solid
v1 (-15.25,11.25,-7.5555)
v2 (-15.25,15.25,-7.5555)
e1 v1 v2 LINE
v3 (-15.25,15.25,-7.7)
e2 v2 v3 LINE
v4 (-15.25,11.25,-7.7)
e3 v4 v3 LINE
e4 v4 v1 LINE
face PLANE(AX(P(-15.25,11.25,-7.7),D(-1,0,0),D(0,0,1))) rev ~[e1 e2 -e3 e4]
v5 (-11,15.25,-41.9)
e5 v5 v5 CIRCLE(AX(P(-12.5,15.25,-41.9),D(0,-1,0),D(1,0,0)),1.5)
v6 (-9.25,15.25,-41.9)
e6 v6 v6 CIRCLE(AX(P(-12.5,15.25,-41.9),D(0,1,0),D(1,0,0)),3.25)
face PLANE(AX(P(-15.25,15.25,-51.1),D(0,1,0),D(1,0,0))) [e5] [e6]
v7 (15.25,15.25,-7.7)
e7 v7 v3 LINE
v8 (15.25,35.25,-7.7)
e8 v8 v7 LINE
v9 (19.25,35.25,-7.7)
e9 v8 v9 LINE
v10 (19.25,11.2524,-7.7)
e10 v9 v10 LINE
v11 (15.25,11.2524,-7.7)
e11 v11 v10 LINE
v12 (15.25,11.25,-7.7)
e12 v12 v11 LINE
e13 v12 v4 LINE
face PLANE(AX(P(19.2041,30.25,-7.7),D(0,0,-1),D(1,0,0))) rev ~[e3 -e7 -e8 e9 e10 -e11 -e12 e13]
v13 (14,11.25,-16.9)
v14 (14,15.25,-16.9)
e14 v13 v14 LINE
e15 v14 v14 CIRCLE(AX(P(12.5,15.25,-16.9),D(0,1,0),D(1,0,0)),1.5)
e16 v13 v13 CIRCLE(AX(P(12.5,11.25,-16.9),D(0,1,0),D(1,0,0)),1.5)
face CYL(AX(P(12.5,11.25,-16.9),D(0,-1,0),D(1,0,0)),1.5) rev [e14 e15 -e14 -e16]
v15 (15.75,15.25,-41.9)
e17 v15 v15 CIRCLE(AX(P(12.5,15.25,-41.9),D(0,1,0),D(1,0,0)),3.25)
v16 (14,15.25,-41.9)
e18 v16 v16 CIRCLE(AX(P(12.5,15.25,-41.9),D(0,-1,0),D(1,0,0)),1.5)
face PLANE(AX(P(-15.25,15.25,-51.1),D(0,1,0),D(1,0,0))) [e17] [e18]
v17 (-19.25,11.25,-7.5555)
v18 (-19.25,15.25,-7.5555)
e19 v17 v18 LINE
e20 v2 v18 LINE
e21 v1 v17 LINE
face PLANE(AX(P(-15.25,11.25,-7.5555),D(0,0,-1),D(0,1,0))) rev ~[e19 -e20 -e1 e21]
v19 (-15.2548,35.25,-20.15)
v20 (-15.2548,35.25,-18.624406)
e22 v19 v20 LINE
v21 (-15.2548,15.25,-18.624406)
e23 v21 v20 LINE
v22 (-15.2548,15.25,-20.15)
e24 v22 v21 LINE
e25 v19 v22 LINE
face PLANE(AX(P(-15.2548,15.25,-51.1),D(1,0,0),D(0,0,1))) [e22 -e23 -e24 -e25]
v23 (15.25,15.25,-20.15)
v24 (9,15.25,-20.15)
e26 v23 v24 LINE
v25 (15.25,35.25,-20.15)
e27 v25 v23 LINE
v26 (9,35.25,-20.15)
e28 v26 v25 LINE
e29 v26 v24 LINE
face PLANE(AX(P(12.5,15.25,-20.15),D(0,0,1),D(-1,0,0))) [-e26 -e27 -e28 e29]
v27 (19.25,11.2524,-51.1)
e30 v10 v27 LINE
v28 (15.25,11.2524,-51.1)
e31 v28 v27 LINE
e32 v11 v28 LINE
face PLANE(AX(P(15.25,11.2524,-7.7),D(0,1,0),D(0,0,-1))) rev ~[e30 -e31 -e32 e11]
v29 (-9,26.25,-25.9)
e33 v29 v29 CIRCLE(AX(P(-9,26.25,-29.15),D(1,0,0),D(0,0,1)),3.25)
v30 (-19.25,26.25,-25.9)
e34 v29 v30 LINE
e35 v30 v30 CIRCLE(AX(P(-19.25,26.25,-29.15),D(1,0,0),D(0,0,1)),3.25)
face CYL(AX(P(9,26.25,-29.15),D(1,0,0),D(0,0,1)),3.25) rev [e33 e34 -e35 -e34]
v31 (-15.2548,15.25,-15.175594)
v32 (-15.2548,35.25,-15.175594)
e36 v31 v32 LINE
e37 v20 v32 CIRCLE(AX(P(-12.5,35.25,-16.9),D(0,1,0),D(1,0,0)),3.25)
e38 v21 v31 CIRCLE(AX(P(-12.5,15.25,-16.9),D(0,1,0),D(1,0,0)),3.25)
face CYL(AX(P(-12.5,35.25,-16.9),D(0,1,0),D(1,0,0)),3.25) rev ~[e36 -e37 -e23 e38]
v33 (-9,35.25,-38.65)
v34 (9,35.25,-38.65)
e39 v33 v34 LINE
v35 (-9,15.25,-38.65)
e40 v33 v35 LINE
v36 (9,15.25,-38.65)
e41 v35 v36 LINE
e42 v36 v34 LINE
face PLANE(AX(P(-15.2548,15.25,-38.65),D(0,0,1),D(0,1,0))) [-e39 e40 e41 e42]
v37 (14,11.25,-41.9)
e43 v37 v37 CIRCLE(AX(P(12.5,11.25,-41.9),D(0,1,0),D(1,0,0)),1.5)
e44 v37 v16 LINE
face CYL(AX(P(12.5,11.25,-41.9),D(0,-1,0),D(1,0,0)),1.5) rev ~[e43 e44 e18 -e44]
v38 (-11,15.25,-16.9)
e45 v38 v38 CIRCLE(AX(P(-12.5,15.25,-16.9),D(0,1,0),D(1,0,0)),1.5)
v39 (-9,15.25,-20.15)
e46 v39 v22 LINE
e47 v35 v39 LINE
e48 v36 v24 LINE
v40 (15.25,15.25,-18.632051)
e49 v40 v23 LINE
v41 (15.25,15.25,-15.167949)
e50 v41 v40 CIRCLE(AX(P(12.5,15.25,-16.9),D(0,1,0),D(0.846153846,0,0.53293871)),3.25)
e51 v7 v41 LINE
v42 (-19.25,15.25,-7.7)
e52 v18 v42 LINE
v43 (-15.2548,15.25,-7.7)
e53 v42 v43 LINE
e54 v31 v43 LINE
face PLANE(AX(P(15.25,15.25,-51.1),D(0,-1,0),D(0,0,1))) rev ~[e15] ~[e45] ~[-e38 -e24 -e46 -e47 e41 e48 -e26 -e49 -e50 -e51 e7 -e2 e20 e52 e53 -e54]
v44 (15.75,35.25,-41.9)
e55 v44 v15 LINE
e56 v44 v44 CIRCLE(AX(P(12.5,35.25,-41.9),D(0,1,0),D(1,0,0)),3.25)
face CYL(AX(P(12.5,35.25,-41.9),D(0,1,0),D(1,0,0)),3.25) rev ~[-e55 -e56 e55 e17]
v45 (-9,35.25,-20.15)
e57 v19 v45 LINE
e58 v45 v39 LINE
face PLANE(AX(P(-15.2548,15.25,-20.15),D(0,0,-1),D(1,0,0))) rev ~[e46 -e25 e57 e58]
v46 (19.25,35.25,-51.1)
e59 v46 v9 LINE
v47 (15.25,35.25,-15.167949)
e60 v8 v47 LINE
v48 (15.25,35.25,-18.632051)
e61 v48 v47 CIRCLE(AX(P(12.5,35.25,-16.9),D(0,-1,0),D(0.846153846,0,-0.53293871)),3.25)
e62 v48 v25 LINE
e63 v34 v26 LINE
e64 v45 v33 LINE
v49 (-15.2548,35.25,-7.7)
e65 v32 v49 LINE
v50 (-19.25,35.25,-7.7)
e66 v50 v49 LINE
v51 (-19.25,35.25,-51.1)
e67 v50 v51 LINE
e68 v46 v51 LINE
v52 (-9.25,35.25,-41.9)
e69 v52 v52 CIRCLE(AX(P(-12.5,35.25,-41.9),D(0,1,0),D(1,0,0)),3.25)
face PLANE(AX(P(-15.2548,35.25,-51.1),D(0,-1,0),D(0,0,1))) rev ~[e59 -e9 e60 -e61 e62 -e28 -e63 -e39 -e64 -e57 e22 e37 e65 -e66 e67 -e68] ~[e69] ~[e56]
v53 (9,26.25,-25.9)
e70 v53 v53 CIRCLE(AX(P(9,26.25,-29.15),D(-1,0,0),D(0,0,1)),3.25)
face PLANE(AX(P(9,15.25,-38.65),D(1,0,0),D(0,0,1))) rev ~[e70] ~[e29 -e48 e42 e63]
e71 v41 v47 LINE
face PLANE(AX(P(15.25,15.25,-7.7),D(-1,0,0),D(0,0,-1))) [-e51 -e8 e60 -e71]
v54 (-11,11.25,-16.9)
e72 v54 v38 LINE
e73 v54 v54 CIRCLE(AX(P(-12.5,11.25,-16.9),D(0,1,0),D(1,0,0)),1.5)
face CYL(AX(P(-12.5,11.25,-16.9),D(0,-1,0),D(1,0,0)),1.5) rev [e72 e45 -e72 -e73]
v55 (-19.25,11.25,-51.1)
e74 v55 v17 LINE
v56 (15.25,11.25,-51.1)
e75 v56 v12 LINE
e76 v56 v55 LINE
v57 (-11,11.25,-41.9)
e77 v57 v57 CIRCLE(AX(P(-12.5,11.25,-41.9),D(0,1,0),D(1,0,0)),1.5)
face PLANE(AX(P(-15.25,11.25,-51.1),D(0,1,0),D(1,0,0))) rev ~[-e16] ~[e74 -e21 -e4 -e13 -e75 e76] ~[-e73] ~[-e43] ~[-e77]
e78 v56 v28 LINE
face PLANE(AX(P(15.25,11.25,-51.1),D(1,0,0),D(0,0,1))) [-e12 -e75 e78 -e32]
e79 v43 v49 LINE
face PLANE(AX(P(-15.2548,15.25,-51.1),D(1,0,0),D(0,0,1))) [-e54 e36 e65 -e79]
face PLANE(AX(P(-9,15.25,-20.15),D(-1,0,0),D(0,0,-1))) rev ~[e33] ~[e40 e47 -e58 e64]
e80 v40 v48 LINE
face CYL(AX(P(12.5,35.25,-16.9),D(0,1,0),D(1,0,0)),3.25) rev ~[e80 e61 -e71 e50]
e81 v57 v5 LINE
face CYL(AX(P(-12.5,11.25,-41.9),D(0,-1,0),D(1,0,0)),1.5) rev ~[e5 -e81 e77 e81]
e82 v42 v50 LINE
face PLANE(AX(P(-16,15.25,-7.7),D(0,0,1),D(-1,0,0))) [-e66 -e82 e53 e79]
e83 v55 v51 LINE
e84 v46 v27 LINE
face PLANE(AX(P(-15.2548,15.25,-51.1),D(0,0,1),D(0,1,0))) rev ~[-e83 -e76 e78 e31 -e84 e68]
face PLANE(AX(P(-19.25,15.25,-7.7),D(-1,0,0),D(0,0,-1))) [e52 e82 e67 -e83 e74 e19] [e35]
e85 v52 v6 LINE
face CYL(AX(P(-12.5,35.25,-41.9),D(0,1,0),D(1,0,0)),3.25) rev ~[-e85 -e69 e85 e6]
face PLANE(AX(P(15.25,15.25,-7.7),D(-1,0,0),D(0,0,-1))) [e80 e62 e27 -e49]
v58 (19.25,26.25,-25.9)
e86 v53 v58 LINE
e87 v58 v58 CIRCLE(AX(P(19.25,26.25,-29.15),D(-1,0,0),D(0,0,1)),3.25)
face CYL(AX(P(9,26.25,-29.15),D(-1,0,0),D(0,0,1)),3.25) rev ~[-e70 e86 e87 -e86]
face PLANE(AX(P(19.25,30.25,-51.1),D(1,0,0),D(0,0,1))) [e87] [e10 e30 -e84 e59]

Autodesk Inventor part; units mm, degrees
ref_plane "Work Plane1" through (-15.25, 11.25, -51.1) normal (0, 1, 0) x (1, 0, 0)
sketch "Sketch1" plane through (-15.25, 11.25, -51.1) normal (0, 1, 0) x (1, 0, 0)
  line L0 (0, 0) -> (-1, 0) projected
  line L1 (30.5, 0) -> (30.5, -43.4) projected
  line L2 (0, 0) -> (30.5, 0)
  line L3 (30.5, 0) -> (30.5, -43.4)
  line L4 (30.5, -43.4) -> (0, -43.4)
  line L5 (0, -43.4) -> (0, 0)
  circle A0 centre (2.75, -9.2) radius 1.5 projected
  circle A1 centre (2.75, -9.2) radius 1.5
  circle A2 centre (2.75, -34.2) radius 1.5 projected
  circle A3 centre (2.75, -34.2) radius 1.5
  circle A4 centre (27.75, -34.2) radius 1.5 projected
  circle A5 centre (27.75, -34.2) radius 1.5
  circle A6 centre (27.75, -9.2) radius 1.5 projected
  circle A7 centre (27.75, -9.2) radius 1.5
  point P0 (15.25, -51.1)
extrude "Extrusion1" add sketch "Sketch1" along normal blind 4
ref_plane "Work Plane2" through (-15.25, 11.25, -7.7) normal (-1, 0, 0) x (0, 0, 1)
sketch "Sketch2" plane through (-15.25, 11.25, -7.7) normal (-1, 0, 0) x (0, 0, 1)
  line L0 (-43.4, 0) -> (-43.4, 4) projected
  line L1 (-43.4, 0) -> (0.1445, 0)
  line L2 (0.1445, 0) -> (0.1445, 4)
  line L3 (0.1445, 4) -> (-43.4, 4)
  line L4 (-43.4, 4) -> (-43.4, 0)
  point P0 (7.7, -11.25)
extrude "Extrusion2" add sketch "Sketch2" along normal blind 4
ref_plane "Work Plane3" through (15.25, 11.25, -51.1) normal (1, 0, 0) x (0, 0, -1)
sketch "Sketch3" plane through (15.25, 11.25, -51.1) normal (1, 0, 0) x (0, 0, -1)
  line L0 (0, 0) -> (0, 4) projected
  line L1 (0, 4) -> (-43.4, 4)
  line L2 (-43.4, 4) -> (-43.4, 0.0024)
  line L3 (-43.4, 0.0024) -> (0, 0.0024)
  line L4 (0, 0.0024) -> (0, 4)
  point P0 (-51.1, -11.25)
extrude "Extrusion3" add sketch "Sketch3" along normal blind 4
ref_plane "Work Plane6" through (-15.25, 15.25, -51.1) normal (0, 1, 0) x (1, 0, 0)
sketch "Sketch4" plane through (-15.25, 15.25, -51.1) normal (0, 1, 0) x (1, 0, 0)
  line L0 (-0.75, -43.4) -> (0.25, -43.4) projected
  line L1 (-0.0048, -43.4) -> (-4, -43.4)
  line L2 (-4, -43.4) -> (-4, 0)
  line L3 (-4, 0) -> (-0.0048, 0)
  line L4 (-0.0048, 0) -> (-0.0048, -43.4)
  point P0 (15.25, -51.1)
extrude "Extrusion4" add sketch "Sketch4" along normal blind 15
ref_plane "Work Plane5" through (-15.25, 15.25, -51.1) normal (0, 1, 0) x (1, 0, 0)
sketch "Sketch5" plane through (-15.25, 15.25, -51.1) normal (0, 1, 0) x (1, 0, 0)
  line L0 (30.5, 0) -> (34.5, 0) projected
  line L1 (30.5, -43.4) -> (30.5, 0) projected
  line L2 (34.5, 0) -> (30.5, 0)
  line L3 (30.5, 0) -> (30.5, -43.4)
  line L4 (30.5, -43.4) -> (34.5, -43.4)
  line L5 (34.5, -43.4) -> (34.5, 0)
  point P0 (15.25, -51.1)
extrude "Extrusion5" add sketch "Sketch5" along normal blind 15
ref_plane "Work Plane4" through (-15.25, 15.25, -51.1) normal (0, 1, 0) x (1, 0, 0)
sketch "Sketch6" plane through (-15.25, 15.25, -51.1) normal (0, 1, 0) x (1, 0, 0)
  circle A0 centre (2.75, -34.2) radius 2 projected
  circle A1 centre (2.75, -34.2) radius 3.25
  circle A2 centre (27.75, -34.2) radius 1.5 projected
  circle A3 centre (27.75, -34.2) radius 3.25
  circle A4 centre (27.75, -9.2) radius 1.5 projected
  circle A5 centre (27.75, -9.2) radius 3.25
  circle A6 centre (2.75, -9.2) radius 1.5 projected
  circle A7 centre (2.75, -9.2) radius 3.25
  line L0 (15.25, -21.7) -> (24.25, -21.7)
  line L1 (15.25, -21.7) -> (6.25, -21.7)
  line L2 (30.5, 0) -> (30.5, -43.4) projected
  line L3 (24.25, -21.7) -> (30.5, -21.7)
  line L4 (30.5, -21.7) -> (30.5, -12.45)
  line L5 (30.5, -12.45) -> (24.25, -12.45)
  line L6 (24.25, -12.45) -> (24.25, -21.7)
  line L7 (24.25, -21.7) -> (30.5, -21.7)
  line L8 (30.5, -21.7) -> (30.5, -30.95)
  line L9 (30.5, -30.95) -> (24.25, -30.95)
  line L10 (24.25, -30.95) -> (24.25, -21.7)
  line L11 (-0.0048, 0) -> (-0.0048, -43.4) projected
  line L12 (6.25, -21.7) -> (-0.0048, -21.7)
  line L13 (-0.0048, -21.7) -> (-0.0048, -30.95)
  line L14 (-0.0048, -30.95) -> (6.25, -30.95)
  line L15 (6.25, -30.95) -> (6.25, -21.7)
  line L16 (6.25, -21.7) -> (-0.0048, -21.7)
  line L17 (-0.0048, -21.7) -> (-0.0048, -12.45)
  line L18 (-0.0048, -12.45) -> (6.25, -12.45)
  line L19 (6.25, -12.45) -> (6.25, -21.7)
  point P0 (15.25, -51.1)
  dimension "d11" = 6.5
  dimension "d12" = 6.5
  dimension "d13" = 6.5
  dimension "d14" = 6.5
  dimension "d15" = 9
  dimension "d16" = 9
extrude "Extrusion6" add sketch "Sketch6" along normal blind 15 contours L6 L5 L2 L3 | L3 L2 L9 L10 | L14 L11 L12 L15 | L11 L18 L19 L12
ref_plane "Work Plane8" through (-15.25, 30.25, -51.1) normal (0, 1, 0) x (1, 0, 0)
sketch "Sketch7" plane through (-15.25, 30.25, -51.1) normal (0, 1, 0) x (1, 0, 0)
  line L0 (0, -43.4) -> (0, -43.5445) projected
  line L1 (-4, -43.4) -> (-0.0048, -43.4) projected
  line L2 (0, -43.4) -> (-4, -43.4)
  line L3 (-0.0048, 0) -> (-4, 0) projected
  line L4 (-4, -43.4) -> (-4, 0)
  line L5 (-4, 0) -> (-0.0048, 0)
  line L6 (-0.0048, -12.45) -> (-0.0048, 0) projected
  line L7 (-0.0048, 0) -> (-0.0048, -12.45)
  line L8 (6.25, -30.95) -> (6.25, -12.45) projected
  line L9 (-0.0048, -12.45) -> (6.25, -12.45)
  line L10 (6.25, -12.45) -> (6.25, -30.95)
  line L11 (-0.0048, -30.95) -> (-0.0048, -43.4) projected
  line L12 (6.25, -30.95) -> (-0.0048, -30.95)
  line L13 (-0.0048, -30.95) -> (-0.0048, -43.4)
  line L14 (24.25, -12.45) -> (24.25, -30.95) projected
  line L15 (24.25, -30.95) -> (24.25, -12.45)
  line L16 (30.5, -12.45) -> (24.25, -12.45) projected
  line L17 (24.25, -12.45) -> (30.5, -12.45)
  line L18 (30.5, -12.45) -> (30.5, 0)
  line L19 (30.5, 0) -> (34.4541, 0)
  line L20 (34.4541, 0) -> (34.4541, -43.4)
  line L21 (34.4541, -43.4) -> (30.5, -43.4)
  line L22 (30.5, -43.4) -> (30.5, -30.95)
  line L23 (30.5, -30.95) -> (24.25, -30.95)
  point P0 (15.25, -51.1)
extrude "Extrusion7" add sketch "Sketch7" along normal blind 5
ref_plane "Work Plane7" through (-15.25, 30.25, -51.1) normal (0, 1, 0) x (1, 0, 0)
sketch "Sketch8" plane through (-15.25, 30.25, -51.1) normal (0, 1, 0) x (1, 0, 0)
  line L0 (30.5, -43.4) -> (34.5, -43.4) projected
  line L1 (34.4541, 0) -> (34.4541, -43.4) projected
  line L2 (34.5, -43.4) -> (34.4541, -43.4)
  line L3 (34.4541, -43.4) -> (34.4541, 0)
  line L4 (34.4541, 0) -> (34.5, 0)
  line L5 (34.5, 0) -> (34.5, -43.4)
  point P0 (15.25, -51.1)
extrude "Extrusion8" add sketch "Sketch8" along normal blind 5
ref_plane "Work Plane9" through (-15.2548, 15.25, -38.65) normal (1, 0, 0) x (0, 0, -1)
sketch "Sketch9" plane through (-15.2548, 15.25, -38.65) normal (1, 0, 0) x (0, 0, -1)
  line L0 (0, 0) -> (0, 20) projected
  line L1 (12.45, 20) -> (0, 20) projected
  line L2 (0, 0) -> (12.45, 0)
  line L3 (12.45, 0) -> (12.45, 20)
  line L4 (12.45, 20) -> (0, 20)
  line L5 (0, 20) -> (0, 0)
  point P0 (-38.65, -15.25)
extrude "Extrusion9" add sketch "Sketch9" along normal up to surface (30.5048 mm away)
sketch "Sketch10" plane through (-15.25, 11.25, -51.1) normal (0, -1, 0) x (1, 0, 0)
  circle A0 centre (27.75, 9.2) radius 1.5 projected
  circle A1 centre (27.75, 9.2) radius 1.5
  circle A2 centre (2.75, 9.2) radius 1.5 projected
  circle A3 centre (2.75, 9.2) radius 1.5
  point P0 (15.25, 51.1)
extrude "Extrusion10" cut sketch "Sketch10" against normal through all
sketch "Sketch11" plane through (-15.25, 35.25, -51.1) normal (0, 1, 0) x (1, 0, 0)
  circle A0 centre (2.75, -9.2) radius 1.5 projected
  circle A1 centre (2.75, -9.2) radius 3.25
  circle A2 centre (27.75, -9.2) radius 1.5 projected
  circle A3 centre (27.75, -9.2) radius 3.25
  circle A4 centre (2.75, -34.2) radius 1.5 projected
  circle A5 centre (2.75, -34.2) radius 3.25
  circle A6 centre (27.75, -34.2) radius 1.5 projected
  circle A7 centre (27.75, -34.2) radius 3.25
  point P0 (15.25, -51.1)
  dimension "d27" = 6.5
  dimension "d28" = 6.5
  dimension "d29" = 6.5
  dimension "d30" = 6.5
extrude "Extrusion11" cut sketch "Sketch11" against normal up to surface (20 mm away) contours A0 | A1 | A2 | A3 | A4 | A5 | A6 | A7
sketch "Sketch12" plane through (9, 15.25, -20.15) normal (-1, 0, 0) x (0, 0, 1)
  line L0 (0, 20) -> (0, 0) projected
  line L1 (0, 20) -> (0, 11)
  line L2 (0, 11) -> (-9, 11)
  circle A0 centre (-9, 11) radius 3.25
  point P0 (20.15, -15.25)
  dimension "d33" = 9
  dimension "d34" = 9
  dimension "d35" = 6.5
extrude "Extrusion12" cut sketch "Sketch12" along normal mid plane 70
properties part number "linrail_mov_holder_ax"
